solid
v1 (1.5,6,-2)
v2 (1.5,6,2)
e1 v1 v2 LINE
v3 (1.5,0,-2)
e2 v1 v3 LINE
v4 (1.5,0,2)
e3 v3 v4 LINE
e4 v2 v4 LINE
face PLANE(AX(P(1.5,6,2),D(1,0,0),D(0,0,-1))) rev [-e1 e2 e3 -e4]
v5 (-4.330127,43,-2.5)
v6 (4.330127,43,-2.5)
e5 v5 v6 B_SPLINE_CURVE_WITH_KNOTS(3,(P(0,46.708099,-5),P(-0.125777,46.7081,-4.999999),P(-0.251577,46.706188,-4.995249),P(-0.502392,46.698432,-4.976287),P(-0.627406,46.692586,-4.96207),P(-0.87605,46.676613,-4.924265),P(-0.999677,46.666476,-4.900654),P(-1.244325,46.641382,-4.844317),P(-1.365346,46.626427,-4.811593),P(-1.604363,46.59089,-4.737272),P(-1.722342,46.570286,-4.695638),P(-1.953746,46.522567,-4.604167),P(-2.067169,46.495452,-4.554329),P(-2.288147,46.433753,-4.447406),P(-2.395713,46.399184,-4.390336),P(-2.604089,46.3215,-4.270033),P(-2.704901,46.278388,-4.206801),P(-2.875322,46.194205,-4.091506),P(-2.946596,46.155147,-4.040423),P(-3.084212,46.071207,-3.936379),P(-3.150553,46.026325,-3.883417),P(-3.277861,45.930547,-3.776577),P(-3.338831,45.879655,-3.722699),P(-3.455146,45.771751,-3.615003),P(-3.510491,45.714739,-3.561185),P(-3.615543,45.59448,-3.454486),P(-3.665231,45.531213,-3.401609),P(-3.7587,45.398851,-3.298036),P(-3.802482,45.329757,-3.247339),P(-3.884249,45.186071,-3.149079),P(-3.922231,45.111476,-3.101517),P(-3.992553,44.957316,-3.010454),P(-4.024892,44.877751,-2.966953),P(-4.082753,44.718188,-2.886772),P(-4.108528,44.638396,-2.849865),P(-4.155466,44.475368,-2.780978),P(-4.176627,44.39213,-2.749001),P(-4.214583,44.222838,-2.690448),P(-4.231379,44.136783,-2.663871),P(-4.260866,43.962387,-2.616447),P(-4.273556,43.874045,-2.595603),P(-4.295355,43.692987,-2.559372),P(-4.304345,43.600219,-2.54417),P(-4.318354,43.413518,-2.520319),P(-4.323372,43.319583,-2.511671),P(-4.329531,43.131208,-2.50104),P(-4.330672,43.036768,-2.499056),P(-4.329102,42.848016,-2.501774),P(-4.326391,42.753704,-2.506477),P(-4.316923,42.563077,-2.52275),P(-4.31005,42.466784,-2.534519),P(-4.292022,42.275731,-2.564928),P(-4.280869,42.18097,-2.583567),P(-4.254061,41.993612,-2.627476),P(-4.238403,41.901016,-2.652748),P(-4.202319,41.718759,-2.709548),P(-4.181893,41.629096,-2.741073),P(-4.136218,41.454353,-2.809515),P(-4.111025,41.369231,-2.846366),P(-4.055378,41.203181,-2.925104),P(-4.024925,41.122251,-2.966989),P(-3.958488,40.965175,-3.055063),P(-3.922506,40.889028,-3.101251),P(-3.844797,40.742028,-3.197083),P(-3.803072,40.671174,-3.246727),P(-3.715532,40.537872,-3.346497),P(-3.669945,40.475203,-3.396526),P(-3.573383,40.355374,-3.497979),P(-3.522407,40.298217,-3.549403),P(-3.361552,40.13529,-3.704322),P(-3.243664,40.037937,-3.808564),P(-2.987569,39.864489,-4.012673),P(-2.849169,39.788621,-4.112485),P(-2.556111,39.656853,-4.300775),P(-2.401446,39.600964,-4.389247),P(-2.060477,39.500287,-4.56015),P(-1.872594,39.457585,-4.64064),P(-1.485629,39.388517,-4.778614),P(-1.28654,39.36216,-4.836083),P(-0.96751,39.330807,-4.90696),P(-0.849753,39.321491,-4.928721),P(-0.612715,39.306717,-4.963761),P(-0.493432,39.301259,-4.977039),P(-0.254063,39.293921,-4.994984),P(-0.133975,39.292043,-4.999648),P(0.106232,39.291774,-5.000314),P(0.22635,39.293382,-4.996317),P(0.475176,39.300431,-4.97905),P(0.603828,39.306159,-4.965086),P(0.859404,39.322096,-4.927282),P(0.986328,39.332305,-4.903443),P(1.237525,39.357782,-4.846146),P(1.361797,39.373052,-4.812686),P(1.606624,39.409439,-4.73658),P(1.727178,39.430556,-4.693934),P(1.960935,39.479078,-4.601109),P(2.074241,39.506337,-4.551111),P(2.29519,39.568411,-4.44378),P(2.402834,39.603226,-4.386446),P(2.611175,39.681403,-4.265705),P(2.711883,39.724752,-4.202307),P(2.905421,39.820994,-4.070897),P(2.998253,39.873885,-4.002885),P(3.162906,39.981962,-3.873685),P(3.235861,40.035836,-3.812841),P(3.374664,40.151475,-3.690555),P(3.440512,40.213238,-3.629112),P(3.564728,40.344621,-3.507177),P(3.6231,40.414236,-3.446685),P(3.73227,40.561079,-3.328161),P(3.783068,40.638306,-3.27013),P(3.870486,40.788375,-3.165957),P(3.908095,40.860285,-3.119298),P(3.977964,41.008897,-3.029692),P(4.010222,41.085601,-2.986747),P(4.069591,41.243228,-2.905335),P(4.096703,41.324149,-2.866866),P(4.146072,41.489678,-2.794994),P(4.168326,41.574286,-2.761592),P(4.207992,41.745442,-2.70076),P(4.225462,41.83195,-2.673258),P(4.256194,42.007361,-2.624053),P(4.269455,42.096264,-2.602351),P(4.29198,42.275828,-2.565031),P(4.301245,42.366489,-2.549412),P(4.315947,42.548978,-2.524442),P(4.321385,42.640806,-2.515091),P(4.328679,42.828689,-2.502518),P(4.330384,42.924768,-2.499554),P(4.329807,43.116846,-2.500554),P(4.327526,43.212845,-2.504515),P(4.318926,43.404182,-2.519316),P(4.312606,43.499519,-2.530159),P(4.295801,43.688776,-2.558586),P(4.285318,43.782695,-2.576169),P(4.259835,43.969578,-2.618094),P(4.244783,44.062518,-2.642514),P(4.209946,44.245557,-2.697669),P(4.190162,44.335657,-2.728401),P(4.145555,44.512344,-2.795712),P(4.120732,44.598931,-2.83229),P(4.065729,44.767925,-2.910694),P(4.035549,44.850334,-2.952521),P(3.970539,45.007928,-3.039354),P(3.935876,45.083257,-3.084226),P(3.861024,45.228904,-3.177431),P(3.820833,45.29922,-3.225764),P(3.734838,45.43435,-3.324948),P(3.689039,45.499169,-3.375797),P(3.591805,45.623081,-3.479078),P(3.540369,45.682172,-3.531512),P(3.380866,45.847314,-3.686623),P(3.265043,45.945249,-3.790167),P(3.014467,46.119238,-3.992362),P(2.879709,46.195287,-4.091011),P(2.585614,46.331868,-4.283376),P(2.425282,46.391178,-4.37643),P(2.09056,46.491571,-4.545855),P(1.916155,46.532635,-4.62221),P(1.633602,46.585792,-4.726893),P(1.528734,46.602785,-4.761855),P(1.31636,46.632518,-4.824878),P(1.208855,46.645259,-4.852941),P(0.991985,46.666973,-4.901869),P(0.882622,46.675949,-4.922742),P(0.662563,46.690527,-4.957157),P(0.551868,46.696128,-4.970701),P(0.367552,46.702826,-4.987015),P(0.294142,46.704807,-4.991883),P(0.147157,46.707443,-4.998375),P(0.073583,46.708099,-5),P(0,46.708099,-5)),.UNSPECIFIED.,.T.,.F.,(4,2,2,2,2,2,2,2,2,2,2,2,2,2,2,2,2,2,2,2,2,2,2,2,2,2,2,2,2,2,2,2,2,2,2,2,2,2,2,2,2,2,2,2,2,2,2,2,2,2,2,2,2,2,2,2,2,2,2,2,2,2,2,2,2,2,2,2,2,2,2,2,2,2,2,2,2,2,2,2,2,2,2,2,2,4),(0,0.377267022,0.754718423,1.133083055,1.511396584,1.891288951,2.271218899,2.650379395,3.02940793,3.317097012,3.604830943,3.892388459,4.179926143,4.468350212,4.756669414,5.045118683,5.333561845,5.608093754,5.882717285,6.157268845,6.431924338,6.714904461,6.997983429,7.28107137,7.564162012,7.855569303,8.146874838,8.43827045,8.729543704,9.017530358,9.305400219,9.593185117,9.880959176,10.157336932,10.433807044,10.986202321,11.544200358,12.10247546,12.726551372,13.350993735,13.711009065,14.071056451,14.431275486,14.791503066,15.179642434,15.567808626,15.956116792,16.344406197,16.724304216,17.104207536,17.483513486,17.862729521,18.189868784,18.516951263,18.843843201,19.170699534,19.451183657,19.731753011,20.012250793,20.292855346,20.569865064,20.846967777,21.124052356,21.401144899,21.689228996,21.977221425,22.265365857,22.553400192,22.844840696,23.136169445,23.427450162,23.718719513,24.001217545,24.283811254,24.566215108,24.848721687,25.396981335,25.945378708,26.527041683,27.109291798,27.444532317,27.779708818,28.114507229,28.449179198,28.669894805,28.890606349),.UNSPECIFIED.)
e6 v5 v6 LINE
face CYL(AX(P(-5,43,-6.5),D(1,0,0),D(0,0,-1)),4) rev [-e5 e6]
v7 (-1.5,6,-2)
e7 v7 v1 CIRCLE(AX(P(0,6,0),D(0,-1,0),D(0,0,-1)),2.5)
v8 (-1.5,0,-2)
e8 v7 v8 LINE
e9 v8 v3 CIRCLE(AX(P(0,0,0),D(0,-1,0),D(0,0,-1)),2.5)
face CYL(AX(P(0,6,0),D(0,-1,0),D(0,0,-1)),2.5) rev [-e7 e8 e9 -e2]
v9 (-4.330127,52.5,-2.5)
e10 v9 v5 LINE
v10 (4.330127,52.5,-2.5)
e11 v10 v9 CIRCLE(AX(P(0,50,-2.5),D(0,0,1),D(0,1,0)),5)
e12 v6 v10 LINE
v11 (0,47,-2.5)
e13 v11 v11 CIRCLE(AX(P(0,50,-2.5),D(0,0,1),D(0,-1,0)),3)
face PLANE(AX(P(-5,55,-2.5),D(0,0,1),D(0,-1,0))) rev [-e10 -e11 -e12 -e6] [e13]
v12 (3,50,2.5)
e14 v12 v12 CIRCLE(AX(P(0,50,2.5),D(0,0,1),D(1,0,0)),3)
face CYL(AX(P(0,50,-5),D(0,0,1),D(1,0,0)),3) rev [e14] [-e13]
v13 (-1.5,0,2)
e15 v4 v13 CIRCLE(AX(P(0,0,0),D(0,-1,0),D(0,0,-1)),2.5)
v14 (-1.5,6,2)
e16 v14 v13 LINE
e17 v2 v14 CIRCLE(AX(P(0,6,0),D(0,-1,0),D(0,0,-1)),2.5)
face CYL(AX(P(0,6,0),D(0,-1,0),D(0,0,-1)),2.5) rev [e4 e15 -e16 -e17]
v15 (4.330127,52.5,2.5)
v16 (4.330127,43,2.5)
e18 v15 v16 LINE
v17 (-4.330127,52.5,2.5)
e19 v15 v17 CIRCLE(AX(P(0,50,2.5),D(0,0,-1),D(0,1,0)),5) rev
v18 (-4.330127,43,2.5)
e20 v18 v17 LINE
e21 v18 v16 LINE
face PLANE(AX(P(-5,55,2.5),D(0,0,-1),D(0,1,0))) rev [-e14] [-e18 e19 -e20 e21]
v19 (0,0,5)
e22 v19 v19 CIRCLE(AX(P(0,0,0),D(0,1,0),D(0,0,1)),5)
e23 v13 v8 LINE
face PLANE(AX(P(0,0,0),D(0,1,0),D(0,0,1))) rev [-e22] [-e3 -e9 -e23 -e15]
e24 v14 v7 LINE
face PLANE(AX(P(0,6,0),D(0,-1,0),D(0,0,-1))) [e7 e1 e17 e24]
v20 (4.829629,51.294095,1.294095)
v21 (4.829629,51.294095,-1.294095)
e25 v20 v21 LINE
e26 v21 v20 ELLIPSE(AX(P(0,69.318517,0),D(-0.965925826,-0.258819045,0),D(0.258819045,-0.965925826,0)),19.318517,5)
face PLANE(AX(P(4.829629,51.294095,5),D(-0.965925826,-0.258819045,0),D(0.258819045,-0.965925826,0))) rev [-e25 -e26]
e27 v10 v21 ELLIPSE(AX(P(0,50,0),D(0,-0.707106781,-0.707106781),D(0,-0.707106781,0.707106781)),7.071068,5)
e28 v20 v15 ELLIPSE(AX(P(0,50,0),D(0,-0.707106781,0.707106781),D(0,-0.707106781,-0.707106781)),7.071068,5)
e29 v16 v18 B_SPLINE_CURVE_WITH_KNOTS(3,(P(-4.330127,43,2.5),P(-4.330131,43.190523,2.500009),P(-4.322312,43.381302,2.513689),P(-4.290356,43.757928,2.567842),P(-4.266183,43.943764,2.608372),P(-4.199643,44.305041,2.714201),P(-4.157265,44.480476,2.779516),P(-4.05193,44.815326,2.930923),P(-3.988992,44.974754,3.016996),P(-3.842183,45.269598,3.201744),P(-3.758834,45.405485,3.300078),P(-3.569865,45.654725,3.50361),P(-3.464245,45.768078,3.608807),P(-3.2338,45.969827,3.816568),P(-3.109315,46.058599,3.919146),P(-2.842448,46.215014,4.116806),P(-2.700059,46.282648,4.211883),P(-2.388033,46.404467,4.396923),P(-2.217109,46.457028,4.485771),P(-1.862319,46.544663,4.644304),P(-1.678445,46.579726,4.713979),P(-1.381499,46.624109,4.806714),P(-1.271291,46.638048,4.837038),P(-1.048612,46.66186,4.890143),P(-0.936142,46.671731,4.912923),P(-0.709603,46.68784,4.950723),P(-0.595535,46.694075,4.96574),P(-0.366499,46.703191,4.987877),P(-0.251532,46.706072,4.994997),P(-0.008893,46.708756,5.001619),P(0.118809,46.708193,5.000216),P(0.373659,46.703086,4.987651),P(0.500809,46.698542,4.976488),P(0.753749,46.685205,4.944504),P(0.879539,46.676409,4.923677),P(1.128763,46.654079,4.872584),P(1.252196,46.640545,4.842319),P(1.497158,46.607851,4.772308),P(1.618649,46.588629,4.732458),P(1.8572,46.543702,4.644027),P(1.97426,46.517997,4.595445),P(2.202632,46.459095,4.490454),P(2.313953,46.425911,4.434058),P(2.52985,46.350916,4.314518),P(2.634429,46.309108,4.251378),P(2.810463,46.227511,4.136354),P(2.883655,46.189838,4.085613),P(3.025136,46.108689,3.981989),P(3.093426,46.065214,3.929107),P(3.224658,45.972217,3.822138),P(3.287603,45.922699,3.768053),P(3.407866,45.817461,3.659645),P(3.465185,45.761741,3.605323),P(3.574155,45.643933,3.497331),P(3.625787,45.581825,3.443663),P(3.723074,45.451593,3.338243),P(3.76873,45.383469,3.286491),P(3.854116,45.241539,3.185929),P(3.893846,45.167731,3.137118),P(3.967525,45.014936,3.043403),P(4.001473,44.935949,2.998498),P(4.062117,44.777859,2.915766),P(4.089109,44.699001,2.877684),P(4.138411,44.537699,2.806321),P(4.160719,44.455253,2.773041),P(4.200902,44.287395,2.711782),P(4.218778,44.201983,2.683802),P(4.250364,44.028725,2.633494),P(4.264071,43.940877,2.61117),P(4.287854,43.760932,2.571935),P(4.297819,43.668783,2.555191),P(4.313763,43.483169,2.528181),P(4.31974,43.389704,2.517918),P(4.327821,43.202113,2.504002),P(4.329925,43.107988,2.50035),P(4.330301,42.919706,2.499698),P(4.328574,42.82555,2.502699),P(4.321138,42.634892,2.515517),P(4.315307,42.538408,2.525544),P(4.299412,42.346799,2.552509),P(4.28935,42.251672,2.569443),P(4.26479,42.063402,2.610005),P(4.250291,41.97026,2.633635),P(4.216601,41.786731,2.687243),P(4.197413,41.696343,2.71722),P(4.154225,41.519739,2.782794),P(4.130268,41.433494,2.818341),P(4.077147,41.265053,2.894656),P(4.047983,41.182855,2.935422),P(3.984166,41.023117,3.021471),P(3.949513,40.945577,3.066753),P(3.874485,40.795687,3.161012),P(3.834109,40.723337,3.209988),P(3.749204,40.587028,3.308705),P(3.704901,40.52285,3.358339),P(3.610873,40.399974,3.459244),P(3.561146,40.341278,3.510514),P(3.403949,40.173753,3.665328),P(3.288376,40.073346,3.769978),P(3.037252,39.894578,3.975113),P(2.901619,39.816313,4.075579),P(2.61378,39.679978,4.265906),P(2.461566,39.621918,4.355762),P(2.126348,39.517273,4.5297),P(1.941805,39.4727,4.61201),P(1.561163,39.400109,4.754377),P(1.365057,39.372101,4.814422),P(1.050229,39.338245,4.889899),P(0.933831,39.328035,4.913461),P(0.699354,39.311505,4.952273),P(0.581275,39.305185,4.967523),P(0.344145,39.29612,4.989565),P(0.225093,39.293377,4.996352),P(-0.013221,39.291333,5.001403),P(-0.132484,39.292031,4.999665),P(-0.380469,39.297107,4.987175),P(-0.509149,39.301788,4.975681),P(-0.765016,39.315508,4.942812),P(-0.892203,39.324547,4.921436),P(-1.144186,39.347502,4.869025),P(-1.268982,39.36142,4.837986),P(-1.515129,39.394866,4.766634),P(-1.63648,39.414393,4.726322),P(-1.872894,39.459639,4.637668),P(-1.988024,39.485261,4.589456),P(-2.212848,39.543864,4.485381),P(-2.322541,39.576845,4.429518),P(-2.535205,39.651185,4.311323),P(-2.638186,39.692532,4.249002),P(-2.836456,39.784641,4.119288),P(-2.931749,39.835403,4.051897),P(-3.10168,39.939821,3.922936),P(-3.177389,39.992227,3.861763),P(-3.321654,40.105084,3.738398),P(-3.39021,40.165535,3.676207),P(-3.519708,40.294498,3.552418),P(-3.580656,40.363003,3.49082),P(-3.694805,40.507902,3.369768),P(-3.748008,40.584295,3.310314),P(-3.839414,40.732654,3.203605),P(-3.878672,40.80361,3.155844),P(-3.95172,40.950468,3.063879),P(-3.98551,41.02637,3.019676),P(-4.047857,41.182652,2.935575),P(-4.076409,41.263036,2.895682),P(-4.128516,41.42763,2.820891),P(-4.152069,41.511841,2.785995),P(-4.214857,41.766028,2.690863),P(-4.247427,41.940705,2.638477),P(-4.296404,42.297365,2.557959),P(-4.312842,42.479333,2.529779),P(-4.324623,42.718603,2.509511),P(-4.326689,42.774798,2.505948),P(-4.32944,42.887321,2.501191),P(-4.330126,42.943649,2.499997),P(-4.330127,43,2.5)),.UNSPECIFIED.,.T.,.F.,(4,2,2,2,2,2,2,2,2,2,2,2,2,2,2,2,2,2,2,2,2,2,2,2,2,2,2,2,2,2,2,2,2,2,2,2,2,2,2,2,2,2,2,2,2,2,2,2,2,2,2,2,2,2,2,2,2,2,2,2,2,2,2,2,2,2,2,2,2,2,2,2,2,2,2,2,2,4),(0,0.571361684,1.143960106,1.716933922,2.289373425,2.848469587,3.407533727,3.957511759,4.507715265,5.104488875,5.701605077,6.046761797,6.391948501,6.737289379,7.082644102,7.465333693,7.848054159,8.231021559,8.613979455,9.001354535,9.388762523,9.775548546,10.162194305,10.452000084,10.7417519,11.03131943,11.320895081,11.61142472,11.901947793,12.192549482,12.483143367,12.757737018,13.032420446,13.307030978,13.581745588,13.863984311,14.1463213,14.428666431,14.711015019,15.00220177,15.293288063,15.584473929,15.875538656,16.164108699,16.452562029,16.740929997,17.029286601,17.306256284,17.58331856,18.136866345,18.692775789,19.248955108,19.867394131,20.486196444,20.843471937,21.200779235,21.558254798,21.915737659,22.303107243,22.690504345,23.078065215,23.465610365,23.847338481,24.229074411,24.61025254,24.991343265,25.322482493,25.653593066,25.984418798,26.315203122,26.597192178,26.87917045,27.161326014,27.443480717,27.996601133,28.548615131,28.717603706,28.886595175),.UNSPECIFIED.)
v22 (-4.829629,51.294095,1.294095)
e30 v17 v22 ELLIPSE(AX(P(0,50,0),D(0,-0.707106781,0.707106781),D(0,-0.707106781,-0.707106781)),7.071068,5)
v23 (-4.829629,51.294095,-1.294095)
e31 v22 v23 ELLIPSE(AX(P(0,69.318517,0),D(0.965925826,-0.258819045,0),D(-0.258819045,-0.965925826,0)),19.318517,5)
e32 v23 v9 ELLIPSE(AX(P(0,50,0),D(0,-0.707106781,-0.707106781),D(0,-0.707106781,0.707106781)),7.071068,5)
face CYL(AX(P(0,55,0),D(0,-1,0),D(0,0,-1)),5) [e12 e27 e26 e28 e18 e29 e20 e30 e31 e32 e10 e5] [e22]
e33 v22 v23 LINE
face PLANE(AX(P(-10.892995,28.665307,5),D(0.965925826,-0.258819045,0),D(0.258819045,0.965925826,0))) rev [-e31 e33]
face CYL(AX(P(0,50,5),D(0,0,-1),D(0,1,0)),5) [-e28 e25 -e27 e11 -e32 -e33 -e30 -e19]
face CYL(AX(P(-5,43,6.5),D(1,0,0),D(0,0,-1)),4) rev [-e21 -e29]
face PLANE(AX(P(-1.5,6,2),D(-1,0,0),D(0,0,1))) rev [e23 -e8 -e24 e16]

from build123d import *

# Parameters (mm, degrees)
SKETCH1_R               = 5
BOSS_EXTRUDE1_DEPTH     = 55
CUT_EXTRUDE2_DEPTH      = 56.452682532
CUT_EXTRUDE2_DEPTH_BACK = 56.452682532
SKETCH6_R               = 3
CUT_EXTRUDE3_DEPTH      = 56.733742145
CUT_EXTRUDE4_DEPTH      = 56.733742145
CUT_EXTRUDE5_DEPTH      = 6


with BuildPart() as part:
    # Sketch1 → Boss-Extrude1 (new body)
    with BuildSketch(Plane(origin=(0, 0, 0), x_dir=(1, 0, 0), z_dir=(0, 1, 0))):
        with Locations(Location((0, 0, 0), (0, 0, 270))):
            Circle(SKETCH1_R)
    extrude(amount=BOSS_EXTRUDE1_DEPTH)

    # Sketch5 → Cut-Extrude2 (cut, two sides: drawn at the far end of the back side and taken through both)
    with BuildSketch(Plane(origin=(0, 0, 0), x_dir=(0, 0, -1), z_dir=(1, 0, 0)).offset(-CUT_EXTRUDE2_DEPTH_BACK)):
        with BuildLine():
            Line((-2.5, 55), (-2.5, 43))
            ThreePointArc((-2.5, 43), (-3.671572875, 40.171572875), (-6.5, 39))
            Line((-6.5, 39), (-6.5, 55))
            Line((-6.5, 55), (-2.5, 55))
        make_face()
        with BuildLine():
            Line((6.5, 55), (6.5, 39))
            ThreePointArc((6.5, 39), (3.671572875, 40.171572875), (2.5, 43))
            Line((2.5, 43), (2.5, 55))
            Line((2.5, 55), (6.5, 55))
        make_face()
    extrude(amount=CUT_EXTRUDE2_DEPTH + CUT_EXTRUDE2_DEPTH_BACK, mode=Mode.SUBTRACT)

    # Sketch6 → Cut-Extrude3 (cut, through all)
    with BuildSketch(Plane.XY.offset(2.5)):
        with Locations((0, 50)):
            Circle(SKETCH6_R)
    extrude(amount=-CUT_EXTRUDE3_DEPTH, mode=Mode.SUBTRACT)

    # Sketch7 → Cut-Extrude4 (cut, through all)
    with BuildSketch(Plane(origin=(0, 0, -2.5), x_dir=(-1, 0, 0), z_dir=(0, 0, -1))):
        with BuildLine():
            Line((-4.829629131, 51.294095226), (-10.892994719, 28.665306789))
            Line((-10.892994719, 28.665306789), (-10.892994719, 70.083373649))
            Line((-10.892994719, 70.083373649), (10.892994719, 70.083373649))
            Line((10.892994719, 70.083373649), (10.892994719, 28.665306789))
            Line((10.892994719, 28.665306789), (4.829629131, 51.294095226))
            ThreePointArc((4.829629131, 51.294095226), (0, 55), (-4.829629131, 51.294095226))
        make_face()
    extrude(amount=-CUT_EXTRUDE4_DEPTH, mode=Mode.SUBTRACT)

    # Sketch8 → Cut-Extrude5 (cut)
    with BuildSketch(Plane.XZ):
        with BuildLine():
            Line((-1.5, 2), (-1.5, -2))
            ThreePointArc((-1.5, -2), (0, -2.5), (1.5, -2))
            Line((1.5, -2), (1.5, 2))
            ThreePointArc((1.5, 2), (0, 2.5), (-1.5, 2))
        make_face()
    extrude(amount=-CUT_EXTRUDE5_DEPTH, mode=Mode.SUBTRACT)


solid = part.part
